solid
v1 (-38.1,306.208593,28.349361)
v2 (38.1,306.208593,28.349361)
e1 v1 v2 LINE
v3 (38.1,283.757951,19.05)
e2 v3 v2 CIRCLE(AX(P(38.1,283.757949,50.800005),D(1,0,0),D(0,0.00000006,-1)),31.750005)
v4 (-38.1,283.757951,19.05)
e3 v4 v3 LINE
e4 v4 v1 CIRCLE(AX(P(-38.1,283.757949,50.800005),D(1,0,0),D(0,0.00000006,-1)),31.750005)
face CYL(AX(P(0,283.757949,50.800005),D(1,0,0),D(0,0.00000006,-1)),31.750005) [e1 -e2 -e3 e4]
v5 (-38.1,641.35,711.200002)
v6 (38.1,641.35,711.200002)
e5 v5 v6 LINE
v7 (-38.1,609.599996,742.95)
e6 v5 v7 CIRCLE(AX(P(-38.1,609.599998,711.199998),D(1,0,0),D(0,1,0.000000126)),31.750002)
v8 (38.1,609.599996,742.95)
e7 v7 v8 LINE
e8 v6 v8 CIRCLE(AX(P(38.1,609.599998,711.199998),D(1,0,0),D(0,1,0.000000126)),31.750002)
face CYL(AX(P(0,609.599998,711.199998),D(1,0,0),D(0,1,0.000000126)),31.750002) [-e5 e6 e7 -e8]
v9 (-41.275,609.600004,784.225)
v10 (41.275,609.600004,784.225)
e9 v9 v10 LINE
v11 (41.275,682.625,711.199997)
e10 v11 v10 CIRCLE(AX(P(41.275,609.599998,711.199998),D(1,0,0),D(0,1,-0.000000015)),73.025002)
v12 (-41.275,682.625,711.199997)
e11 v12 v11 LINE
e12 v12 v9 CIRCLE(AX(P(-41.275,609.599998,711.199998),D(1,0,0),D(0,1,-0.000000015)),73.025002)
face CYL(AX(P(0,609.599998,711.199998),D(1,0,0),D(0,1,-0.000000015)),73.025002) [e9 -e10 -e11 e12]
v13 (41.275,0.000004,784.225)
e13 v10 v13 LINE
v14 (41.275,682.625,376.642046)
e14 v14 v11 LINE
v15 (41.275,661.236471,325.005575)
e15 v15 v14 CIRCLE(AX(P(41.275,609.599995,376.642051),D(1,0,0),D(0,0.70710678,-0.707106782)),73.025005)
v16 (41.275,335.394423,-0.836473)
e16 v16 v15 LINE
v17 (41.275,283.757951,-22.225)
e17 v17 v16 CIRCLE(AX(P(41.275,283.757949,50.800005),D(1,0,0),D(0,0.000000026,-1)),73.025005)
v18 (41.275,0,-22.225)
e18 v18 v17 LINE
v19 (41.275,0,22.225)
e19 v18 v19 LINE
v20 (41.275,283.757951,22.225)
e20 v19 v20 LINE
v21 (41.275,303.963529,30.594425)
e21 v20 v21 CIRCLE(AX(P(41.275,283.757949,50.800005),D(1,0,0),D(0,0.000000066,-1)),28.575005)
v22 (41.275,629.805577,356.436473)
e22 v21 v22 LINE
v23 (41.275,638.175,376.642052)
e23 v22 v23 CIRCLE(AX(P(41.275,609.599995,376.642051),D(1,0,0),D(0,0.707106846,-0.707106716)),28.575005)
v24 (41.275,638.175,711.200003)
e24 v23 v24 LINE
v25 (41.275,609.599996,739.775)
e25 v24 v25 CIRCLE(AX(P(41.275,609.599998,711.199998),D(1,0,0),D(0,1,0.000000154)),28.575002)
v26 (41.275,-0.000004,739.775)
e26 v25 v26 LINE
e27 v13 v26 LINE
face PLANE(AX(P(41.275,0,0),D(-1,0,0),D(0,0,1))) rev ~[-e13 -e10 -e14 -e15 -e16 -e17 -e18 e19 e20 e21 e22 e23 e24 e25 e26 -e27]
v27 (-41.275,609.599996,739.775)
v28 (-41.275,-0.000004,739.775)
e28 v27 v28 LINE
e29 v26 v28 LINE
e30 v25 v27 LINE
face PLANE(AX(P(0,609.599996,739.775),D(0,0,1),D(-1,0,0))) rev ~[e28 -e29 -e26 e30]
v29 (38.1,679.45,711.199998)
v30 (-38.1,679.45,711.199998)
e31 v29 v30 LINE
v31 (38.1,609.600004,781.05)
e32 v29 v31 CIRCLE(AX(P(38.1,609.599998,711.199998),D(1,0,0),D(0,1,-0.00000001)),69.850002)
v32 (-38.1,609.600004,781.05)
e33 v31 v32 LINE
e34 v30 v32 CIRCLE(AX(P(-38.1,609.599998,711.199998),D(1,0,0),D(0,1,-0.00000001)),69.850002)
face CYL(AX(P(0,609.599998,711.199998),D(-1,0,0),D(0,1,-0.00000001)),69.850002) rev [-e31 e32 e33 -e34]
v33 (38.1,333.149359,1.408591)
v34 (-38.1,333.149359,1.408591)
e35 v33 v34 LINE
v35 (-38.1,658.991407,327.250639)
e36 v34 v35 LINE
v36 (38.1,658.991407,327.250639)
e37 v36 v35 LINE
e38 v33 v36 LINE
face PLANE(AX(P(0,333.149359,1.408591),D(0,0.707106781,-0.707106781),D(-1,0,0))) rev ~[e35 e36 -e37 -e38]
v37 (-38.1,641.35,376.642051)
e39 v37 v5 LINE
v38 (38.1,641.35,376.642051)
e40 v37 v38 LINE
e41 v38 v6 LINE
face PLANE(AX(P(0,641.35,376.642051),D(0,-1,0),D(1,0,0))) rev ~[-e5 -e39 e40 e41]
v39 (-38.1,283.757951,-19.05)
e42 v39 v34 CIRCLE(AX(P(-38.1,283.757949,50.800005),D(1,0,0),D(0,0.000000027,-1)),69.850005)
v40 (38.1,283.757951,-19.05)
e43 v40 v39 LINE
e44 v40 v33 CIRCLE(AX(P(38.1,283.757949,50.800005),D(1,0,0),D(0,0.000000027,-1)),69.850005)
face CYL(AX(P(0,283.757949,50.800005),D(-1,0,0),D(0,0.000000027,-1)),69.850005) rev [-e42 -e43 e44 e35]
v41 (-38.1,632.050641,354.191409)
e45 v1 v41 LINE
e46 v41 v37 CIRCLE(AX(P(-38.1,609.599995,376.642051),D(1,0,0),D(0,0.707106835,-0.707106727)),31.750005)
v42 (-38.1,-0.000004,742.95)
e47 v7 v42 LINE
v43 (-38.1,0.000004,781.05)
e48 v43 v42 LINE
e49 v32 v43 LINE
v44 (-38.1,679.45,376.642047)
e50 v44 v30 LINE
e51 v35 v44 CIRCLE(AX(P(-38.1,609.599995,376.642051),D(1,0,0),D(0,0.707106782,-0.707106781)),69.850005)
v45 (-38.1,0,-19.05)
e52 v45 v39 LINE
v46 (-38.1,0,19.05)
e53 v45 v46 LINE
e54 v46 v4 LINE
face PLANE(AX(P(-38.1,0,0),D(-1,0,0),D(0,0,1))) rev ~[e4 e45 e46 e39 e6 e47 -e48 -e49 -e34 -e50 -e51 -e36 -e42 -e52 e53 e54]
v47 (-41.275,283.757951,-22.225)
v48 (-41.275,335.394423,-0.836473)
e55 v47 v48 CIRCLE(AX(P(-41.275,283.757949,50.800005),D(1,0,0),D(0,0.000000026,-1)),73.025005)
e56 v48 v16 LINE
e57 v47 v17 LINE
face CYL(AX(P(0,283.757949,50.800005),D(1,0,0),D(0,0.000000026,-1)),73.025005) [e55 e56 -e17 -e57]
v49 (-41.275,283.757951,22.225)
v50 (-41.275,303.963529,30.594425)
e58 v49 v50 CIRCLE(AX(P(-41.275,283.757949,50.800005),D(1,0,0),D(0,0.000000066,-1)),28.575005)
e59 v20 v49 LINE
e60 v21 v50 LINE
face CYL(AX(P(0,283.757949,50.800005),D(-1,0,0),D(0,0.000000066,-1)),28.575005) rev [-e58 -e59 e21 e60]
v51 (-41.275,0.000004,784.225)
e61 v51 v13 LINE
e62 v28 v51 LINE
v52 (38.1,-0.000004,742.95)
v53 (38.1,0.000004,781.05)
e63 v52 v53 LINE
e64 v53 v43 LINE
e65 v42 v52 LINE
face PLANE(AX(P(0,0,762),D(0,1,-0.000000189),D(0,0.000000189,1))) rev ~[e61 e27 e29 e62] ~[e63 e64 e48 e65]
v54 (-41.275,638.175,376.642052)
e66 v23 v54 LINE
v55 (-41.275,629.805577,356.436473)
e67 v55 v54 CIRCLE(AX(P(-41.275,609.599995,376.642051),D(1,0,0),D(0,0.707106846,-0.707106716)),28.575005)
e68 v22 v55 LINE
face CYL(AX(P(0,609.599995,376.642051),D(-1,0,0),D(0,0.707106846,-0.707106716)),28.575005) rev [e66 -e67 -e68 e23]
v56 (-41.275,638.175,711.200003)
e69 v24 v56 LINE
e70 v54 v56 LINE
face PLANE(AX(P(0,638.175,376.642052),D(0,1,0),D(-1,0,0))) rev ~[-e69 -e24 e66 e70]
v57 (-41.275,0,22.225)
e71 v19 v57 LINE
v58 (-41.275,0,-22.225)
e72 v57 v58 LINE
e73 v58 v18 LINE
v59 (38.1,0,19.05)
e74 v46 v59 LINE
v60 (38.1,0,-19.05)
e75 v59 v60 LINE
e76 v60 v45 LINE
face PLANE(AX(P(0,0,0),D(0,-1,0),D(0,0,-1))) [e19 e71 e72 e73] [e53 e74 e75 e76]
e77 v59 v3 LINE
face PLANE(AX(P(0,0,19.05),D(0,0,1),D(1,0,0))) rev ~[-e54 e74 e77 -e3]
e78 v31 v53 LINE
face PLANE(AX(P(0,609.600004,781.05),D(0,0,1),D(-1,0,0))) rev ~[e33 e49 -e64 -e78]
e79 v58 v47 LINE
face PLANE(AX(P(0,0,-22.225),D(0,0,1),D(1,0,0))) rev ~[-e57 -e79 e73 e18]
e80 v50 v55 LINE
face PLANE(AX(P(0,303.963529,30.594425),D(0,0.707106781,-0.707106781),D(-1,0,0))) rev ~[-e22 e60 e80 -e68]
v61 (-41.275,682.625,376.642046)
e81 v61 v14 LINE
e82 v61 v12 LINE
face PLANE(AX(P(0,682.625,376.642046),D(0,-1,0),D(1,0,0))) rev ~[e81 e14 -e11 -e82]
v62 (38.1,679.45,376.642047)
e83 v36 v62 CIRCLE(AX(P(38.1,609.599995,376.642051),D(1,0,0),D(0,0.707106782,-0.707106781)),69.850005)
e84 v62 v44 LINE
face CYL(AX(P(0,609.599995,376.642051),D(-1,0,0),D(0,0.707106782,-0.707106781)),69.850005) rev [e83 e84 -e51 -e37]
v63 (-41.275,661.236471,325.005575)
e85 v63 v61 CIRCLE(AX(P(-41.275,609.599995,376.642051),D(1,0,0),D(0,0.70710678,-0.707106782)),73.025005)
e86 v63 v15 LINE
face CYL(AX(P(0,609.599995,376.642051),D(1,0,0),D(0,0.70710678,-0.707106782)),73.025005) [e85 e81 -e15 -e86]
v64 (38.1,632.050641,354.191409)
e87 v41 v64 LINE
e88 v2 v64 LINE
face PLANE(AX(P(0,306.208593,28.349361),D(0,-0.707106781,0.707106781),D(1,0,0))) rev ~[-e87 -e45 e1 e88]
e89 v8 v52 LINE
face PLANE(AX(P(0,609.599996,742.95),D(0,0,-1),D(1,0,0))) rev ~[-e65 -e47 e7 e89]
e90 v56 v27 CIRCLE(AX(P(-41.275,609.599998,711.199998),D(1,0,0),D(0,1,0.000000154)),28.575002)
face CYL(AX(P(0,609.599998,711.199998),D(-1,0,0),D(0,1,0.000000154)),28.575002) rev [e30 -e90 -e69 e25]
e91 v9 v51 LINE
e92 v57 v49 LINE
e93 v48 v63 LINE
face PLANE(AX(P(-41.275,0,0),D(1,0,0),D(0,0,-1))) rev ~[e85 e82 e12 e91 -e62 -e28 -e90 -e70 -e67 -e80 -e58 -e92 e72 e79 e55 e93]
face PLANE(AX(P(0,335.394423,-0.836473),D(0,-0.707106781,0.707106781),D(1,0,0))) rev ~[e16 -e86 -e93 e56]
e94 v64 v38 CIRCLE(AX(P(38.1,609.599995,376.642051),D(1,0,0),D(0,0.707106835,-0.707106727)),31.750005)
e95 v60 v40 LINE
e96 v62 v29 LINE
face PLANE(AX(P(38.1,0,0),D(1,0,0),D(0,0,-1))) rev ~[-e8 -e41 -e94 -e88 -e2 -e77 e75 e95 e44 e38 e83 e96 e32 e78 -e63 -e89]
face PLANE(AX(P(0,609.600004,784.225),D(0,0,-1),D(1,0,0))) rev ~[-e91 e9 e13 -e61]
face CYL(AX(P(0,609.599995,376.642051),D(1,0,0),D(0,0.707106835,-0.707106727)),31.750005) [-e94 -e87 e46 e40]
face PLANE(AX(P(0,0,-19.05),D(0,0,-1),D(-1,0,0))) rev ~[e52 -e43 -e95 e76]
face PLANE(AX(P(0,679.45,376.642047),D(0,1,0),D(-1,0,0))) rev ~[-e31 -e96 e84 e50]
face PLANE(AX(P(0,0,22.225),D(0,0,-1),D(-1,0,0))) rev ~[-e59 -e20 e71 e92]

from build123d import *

# Parameters (mm, degrees)
F1_W   = 82.55
F1_H   = 44.45
F1_W_2 = 76.2
F1_H_2 = 38.1


with BuildPart() as f2:
    # F2: sweep along a path in F0
    with BuildLine(Plane.YZ) as f2_path:
        Line((0, 0), (283.757951, 0))
        ThreePointArc((283.757951, 0), (303.198269, 3.86692), (319.678976, 14.878976))
        Line((319.678976, 14.878976), (645.521024, 340.721024))
        ThreePointArc((645.521024, 340.721024), (656.53308, 357.201731), (660.4, 376.642049))
        Line((660.4, 376.642049), (660.4, 711.2))
        ThreePointArc((660.4, 711.2), (645.521024, 747.121024), (609.6, 762))
        Line((609.6, 762), (0, 762))
    # F1 (on Front) → F2 (sweep)
    with BuildSketch(Plane.XZ):
        Rectangle(F1_W, F1_H)
        Rectangle(F1_W_2, F1_H_2, mode=Mode.SUBTRACT)
    sweep(path=f2_path.line)


solid = f2.part
